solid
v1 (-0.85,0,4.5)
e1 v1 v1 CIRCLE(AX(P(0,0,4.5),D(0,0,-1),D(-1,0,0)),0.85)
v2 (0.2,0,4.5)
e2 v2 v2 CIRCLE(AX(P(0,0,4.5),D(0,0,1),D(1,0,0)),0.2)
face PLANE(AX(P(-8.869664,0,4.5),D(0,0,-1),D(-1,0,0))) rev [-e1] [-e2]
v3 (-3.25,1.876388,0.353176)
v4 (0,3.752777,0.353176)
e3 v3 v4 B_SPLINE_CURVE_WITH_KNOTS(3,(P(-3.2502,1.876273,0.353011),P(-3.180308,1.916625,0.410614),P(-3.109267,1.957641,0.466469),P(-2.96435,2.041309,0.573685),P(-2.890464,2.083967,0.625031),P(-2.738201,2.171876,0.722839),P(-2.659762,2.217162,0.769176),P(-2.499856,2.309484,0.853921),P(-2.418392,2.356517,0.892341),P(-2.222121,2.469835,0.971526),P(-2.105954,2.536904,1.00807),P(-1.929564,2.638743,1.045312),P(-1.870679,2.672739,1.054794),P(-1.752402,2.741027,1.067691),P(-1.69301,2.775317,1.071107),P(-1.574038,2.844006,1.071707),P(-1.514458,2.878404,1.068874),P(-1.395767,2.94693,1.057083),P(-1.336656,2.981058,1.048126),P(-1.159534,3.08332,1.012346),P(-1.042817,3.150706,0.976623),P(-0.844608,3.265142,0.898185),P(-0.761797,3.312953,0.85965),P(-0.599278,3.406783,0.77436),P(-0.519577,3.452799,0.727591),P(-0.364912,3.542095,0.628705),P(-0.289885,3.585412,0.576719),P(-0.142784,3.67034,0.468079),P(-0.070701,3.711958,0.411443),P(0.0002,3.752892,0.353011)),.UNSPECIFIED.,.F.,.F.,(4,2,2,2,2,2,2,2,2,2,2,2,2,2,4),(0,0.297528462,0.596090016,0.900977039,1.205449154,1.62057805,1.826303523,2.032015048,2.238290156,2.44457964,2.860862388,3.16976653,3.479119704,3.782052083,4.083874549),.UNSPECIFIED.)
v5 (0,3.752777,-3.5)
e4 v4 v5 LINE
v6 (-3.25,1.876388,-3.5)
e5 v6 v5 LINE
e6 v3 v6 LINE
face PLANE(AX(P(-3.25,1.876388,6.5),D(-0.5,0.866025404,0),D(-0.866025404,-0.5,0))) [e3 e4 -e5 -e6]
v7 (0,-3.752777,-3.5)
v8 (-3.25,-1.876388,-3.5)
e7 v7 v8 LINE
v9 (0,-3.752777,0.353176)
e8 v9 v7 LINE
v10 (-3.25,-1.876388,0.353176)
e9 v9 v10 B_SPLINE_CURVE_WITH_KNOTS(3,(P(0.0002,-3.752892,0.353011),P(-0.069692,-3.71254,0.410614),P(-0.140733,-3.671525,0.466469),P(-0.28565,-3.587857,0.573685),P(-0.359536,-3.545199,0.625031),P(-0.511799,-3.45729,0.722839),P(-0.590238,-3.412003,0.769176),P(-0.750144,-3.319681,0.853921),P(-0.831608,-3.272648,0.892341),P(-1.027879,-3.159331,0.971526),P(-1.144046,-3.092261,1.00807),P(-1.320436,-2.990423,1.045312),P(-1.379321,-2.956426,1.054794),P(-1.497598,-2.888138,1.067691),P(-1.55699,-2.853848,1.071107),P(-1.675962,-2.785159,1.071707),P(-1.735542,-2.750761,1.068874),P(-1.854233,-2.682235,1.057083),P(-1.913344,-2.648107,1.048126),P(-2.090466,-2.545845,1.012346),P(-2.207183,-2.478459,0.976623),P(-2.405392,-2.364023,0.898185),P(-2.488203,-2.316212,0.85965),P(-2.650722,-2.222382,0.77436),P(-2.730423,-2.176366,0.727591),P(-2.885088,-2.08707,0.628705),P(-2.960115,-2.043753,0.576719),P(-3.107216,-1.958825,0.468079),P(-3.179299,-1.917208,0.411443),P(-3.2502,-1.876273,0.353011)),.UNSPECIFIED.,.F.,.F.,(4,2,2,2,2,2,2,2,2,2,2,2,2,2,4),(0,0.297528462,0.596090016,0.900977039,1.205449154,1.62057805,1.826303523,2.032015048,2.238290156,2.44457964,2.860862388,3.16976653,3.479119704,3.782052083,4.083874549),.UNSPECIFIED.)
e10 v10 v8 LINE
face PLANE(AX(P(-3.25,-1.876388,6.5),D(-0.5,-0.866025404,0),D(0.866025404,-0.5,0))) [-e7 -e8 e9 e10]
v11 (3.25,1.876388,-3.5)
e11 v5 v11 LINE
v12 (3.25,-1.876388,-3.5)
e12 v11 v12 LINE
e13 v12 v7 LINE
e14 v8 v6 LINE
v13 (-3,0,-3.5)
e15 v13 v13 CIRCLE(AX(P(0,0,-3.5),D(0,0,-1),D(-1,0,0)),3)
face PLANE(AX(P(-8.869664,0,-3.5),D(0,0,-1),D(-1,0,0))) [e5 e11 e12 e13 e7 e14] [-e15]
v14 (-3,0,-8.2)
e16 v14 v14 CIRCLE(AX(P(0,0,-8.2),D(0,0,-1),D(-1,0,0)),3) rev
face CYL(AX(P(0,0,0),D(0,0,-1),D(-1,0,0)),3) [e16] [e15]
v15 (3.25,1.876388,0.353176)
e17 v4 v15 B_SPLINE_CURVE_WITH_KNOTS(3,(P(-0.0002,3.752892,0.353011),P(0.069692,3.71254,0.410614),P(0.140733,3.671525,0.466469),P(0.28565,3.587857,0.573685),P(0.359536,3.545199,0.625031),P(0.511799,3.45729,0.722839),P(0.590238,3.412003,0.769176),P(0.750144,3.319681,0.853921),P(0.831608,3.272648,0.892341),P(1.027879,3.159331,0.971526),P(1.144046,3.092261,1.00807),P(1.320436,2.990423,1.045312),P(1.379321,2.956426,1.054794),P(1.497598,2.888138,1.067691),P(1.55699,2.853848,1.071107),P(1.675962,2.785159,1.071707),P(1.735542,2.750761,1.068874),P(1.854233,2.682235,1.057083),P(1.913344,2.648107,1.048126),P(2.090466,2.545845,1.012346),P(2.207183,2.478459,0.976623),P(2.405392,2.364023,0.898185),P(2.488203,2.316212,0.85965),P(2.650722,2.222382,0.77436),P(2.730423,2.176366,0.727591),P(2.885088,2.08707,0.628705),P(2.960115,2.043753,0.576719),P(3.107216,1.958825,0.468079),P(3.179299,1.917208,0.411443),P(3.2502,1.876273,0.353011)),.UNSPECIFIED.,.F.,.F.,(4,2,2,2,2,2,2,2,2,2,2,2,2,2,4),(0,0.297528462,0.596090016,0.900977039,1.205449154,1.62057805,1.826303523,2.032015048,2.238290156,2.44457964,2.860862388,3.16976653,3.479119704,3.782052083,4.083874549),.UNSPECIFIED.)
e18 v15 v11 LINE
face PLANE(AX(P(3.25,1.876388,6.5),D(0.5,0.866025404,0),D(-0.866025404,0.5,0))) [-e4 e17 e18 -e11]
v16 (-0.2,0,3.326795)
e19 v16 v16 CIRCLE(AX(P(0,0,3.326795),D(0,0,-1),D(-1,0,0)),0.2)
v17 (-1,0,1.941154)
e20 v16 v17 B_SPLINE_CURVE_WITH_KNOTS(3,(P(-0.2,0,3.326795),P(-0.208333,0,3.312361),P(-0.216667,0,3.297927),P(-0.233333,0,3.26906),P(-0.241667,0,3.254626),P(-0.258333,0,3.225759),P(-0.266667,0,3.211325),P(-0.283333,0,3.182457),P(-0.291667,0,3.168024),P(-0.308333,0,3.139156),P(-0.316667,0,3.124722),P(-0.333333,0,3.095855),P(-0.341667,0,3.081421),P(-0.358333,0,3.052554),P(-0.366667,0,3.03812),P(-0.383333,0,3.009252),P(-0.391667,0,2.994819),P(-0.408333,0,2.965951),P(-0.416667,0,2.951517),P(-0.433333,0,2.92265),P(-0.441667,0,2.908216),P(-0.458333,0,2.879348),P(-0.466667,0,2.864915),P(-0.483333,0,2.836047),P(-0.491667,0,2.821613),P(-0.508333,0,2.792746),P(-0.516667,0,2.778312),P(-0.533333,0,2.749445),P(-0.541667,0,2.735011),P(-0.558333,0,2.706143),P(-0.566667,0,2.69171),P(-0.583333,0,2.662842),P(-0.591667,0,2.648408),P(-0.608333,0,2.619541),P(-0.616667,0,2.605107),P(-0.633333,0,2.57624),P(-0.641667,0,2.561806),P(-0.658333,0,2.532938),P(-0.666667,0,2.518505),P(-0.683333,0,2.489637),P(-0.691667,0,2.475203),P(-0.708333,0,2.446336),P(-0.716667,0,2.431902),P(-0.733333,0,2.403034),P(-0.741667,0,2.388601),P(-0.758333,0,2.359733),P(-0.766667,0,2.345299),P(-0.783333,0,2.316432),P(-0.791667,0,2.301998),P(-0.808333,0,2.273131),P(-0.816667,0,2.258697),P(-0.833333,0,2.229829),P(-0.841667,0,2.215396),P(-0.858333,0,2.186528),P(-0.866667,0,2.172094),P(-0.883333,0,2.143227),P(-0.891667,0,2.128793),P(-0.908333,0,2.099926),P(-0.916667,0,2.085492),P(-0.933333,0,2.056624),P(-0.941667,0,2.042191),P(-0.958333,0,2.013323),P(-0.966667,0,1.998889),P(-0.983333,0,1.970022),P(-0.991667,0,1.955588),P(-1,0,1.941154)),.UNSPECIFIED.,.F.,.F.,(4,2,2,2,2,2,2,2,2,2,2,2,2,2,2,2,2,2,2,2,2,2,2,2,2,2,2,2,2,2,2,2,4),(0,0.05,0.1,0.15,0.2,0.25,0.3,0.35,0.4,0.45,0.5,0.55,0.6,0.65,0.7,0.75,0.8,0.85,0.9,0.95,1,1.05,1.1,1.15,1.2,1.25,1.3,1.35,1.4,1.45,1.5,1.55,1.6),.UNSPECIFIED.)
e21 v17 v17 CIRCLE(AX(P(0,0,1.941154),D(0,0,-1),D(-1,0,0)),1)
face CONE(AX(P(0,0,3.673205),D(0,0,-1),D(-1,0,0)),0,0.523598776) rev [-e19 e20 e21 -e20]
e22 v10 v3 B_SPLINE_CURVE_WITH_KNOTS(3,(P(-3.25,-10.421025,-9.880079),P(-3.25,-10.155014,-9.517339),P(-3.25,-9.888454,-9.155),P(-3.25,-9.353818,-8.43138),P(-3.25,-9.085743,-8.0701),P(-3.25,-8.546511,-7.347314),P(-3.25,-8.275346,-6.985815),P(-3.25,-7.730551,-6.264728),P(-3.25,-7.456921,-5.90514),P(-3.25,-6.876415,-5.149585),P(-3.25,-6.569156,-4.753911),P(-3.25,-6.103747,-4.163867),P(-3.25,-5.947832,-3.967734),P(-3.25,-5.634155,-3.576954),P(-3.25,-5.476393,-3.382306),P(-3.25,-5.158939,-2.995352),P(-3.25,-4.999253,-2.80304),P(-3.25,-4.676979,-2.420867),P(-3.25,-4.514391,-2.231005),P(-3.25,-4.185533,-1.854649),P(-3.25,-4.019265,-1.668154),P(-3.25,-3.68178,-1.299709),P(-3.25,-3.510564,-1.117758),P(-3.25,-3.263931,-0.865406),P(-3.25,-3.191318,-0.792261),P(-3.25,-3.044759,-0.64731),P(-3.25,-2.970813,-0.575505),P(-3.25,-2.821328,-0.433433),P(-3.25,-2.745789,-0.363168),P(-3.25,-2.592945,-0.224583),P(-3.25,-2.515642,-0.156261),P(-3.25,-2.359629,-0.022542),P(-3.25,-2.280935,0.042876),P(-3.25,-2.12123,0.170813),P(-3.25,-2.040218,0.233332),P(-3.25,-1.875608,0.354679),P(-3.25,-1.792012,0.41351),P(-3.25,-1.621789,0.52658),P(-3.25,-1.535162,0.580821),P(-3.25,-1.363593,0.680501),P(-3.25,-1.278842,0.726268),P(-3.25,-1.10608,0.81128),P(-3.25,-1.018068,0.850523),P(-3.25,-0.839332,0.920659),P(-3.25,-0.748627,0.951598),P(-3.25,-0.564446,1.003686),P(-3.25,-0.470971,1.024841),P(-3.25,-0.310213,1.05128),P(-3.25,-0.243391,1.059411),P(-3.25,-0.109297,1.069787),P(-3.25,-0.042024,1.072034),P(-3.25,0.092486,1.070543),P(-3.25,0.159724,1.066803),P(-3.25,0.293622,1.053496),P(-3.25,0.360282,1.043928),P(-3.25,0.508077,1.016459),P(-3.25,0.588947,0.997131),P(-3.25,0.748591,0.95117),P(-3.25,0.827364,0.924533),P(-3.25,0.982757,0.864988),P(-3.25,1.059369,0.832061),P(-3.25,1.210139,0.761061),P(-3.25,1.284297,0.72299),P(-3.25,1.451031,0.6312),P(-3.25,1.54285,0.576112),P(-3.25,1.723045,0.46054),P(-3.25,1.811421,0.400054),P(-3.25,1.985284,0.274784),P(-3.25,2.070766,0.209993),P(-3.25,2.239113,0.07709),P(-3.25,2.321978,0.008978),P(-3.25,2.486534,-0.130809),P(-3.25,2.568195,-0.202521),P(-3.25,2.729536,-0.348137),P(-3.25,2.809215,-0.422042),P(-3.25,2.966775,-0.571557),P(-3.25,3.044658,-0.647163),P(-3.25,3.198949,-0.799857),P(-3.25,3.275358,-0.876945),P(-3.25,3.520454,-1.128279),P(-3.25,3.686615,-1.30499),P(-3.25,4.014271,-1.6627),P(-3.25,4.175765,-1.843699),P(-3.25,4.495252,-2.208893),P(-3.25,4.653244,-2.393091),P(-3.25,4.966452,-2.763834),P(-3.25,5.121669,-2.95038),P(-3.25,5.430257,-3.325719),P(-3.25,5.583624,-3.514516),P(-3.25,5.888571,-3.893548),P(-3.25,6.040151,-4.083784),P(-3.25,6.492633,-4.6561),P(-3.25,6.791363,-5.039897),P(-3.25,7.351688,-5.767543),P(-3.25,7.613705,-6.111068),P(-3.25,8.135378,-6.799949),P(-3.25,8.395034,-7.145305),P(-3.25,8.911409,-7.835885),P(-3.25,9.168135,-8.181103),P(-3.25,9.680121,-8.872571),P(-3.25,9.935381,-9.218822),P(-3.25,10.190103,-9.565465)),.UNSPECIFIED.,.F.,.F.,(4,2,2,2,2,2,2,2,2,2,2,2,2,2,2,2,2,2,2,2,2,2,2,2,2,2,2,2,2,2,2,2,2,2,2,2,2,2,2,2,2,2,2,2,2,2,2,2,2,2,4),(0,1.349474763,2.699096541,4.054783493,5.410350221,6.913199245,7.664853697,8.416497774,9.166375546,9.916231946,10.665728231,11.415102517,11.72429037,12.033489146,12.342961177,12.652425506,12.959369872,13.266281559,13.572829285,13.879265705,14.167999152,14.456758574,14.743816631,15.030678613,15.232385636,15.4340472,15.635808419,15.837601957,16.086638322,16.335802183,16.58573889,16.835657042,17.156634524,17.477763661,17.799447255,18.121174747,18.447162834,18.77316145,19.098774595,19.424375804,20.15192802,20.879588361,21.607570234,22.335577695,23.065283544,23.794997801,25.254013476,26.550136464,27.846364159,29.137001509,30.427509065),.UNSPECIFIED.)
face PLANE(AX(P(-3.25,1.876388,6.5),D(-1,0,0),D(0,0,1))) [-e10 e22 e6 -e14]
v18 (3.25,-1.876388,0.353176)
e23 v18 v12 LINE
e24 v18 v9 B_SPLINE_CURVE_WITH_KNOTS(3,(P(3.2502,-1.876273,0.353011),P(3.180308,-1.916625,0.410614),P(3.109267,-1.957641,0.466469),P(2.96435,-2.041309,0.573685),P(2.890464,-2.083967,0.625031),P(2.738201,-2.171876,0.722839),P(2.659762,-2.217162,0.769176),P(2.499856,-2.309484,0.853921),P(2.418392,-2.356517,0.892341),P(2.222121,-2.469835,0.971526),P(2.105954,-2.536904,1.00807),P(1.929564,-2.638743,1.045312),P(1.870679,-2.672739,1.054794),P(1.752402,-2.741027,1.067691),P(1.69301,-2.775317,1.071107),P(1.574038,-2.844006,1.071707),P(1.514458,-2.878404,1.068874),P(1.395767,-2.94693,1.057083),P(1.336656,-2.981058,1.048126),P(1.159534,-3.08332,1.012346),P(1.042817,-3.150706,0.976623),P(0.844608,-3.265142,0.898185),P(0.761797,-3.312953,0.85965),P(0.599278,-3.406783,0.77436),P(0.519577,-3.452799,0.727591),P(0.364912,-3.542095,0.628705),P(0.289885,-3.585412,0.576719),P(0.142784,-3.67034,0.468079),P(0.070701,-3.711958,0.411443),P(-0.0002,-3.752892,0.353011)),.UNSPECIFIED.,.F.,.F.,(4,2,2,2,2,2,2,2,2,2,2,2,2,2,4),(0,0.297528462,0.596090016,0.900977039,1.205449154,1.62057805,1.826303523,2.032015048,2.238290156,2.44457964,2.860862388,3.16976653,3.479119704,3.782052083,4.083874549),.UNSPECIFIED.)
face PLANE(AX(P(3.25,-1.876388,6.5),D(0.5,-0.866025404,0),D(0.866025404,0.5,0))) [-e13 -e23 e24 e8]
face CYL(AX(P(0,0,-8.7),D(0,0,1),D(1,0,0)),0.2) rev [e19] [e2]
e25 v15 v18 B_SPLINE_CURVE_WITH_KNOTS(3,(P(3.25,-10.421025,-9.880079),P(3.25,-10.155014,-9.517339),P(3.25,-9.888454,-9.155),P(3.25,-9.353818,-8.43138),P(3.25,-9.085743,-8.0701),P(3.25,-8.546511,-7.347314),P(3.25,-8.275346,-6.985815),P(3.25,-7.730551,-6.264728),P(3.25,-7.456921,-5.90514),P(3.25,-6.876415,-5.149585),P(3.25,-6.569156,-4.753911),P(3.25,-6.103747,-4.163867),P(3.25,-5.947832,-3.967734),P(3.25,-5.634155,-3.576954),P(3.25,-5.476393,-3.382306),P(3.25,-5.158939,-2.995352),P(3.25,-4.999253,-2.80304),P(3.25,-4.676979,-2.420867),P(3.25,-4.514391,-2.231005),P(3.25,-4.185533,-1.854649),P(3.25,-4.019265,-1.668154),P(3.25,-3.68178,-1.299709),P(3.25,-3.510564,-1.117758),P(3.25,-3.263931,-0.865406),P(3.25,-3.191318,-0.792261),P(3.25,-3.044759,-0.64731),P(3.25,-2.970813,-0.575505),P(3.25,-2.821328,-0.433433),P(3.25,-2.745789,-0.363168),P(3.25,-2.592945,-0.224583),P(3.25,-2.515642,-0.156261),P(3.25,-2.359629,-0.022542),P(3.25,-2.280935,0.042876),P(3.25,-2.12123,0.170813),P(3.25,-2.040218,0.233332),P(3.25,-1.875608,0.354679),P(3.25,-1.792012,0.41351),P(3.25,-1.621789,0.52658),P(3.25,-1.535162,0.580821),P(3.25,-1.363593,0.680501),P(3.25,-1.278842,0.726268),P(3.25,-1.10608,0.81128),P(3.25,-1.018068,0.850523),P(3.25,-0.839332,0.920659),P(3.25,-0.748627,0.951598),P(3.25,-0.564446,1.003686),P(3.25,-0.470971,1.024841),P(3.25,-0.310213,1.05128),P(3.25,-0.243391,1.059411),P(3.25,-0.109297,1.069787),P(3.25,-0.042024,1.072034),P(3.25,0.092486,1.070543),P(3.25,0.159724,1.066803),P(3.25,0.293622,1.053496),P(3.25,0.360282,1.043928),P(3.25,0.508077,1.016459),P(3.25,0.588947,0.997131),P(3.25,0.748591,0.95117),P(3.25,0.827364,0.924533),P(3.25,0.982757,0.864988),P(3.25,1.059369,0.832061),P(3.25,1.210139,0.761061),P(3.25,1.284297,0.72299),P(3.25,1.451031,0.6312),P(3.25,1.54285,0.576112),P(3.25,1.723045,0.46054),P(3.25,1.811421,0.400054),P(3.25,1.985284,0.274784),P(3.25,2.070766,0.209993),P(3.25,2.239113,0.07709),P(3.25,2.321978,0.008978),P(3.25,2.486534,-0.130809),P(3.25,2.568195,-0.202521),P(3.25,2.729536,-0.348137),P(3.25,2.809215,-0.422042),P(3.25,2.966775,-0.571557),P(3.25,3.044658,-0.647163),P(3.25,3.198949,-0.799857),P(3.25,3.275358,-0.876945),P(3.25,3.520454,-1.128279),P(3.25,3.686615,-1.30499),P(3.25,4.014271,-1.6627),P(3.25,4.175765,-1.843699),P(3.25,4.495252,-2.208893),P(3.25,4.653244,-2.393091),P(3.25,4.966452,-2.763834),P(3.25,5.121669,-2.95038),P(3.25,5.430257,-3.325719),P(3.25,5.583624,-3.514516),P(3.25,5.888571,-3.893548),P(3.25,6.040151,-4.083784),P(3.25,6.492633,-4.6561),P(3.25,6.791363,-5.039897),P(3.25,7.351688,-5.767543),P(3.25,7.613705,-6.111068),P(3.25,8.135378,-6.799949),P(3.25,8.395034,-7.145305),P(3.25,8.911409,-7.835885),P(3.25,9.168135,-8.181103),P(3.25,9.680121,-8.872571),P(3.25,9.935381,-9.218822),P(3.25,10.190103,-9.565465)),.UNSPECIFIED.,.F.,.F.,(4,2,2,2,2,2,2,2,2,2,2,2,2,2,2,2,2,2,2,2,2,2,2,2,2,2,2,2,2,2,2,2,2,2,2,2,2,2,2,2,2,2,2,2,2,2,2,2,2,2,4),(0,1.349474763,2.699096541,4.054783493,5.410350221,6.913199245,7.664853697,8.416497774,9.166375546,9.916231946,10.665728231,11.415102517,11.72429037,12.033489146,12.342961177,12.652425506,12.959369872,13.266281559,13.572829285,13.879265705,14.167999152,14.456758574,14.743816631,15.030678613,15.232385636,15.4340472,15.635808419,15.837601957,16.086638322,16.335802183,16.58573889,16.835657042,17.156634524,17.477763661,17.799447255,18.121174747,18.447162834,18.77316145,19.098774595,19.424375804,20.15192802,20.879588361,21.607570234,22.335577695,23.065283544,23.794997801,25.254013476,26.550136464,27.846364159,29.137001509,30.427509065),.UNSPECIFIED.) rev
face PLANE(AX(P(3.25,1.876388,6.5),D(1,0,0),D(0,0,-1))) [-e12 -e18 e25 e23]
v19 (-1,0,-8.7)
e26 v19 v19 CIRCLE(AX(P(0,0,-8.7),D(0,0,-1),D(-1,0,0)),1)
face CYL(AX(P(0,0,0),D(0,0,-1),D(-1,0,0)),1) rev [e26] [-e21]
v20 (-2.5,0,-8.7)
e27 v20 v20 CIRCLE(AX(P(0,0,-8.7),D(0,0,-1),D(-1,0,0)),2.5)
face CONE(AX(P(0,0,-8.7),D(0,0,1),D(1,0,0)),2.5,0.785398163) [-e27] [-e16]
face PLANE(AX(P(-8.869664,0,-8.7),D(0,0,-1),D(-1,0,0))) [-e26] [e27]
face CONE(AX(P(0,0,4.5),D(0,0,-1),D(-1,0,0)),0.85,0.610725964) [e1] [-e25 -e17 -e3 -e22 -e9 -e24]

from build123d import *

# Parameters (mm, degrees)
SKETCH2_OUTSIDE_W  = 13.478
SKETCH2_OUTSIDE_H  = 13.478
CUT_EXTRUDE2_DEPTH = 10
CHAMFER1_SIZE      = 0.5
SKETCH3_R          = 0.2
CUT_EXTRUDE3_DEPTH = 15.102688869


with BuildPart() as part:
    # Sketch1 → Revolve1 (revolve)
    with BuildSketch(Plane(origin=(0, 0, 0), x_dir=(1, 0, 0), z_dir=(0, 1, 0)), mode=Mode.PRIVATE) as revolve1_sk:
        Polygon((1, 8.7), (3, 8.7), (3, 3.5), (4, 3.5), (4, 0), (0.85, -4.5), (0, -4.5), (0, -3.673205081), (1, -1.941154273), align=None)
    revolve(revolve1_sk.sketch.rotate(Axis((0, 0, 0), (0, 0, 1)), 180), axis=Axis((0, 0, 0), (0, 0, 1)))

    # Sketch2 outside → Cut-Extrude2 (cut)
    with BuildSketch(Plane(origin=(0, 0, -3.5), x_dir=(-1, 0, 0), z_dir=(0, 0, -1))):
        Rectangle(SKETCH2_OUTSIDE_W, SKETCH2_OUTSIDE_H)
        Polygon((3.25, 1.876388375), (0, 3.75277675), (-3.25, 1.876388375), (-3.25, -1.876388375), (0, -3.75277675), (3.25, -1.876388375), align=None, mode=Mode.SUBTRACT)
    extrude(amount=-CUT_EXTRUDE2_DEPTH, mode=Mode.SUBTRACT)

    # Chamfer1
    chamfer1_edges = [part.edges().sort_by_distance(p)[0] for p in [
        (3, 0, -8.7),
    ]]
    chamfer(chamfer1_edges, length=CHAMFER1_SIZE)

    # Sketch3 → Cut-Extrude3 (cut, through all)
    with BuildSketch(Plane.XY.offset(4.5)):
        Circle(SKETCH3_R)
    extrude(amount=-CUT_EXTRUDE3_DEPTH, mode=Mode.SUBTRACT)


solid = part.part
